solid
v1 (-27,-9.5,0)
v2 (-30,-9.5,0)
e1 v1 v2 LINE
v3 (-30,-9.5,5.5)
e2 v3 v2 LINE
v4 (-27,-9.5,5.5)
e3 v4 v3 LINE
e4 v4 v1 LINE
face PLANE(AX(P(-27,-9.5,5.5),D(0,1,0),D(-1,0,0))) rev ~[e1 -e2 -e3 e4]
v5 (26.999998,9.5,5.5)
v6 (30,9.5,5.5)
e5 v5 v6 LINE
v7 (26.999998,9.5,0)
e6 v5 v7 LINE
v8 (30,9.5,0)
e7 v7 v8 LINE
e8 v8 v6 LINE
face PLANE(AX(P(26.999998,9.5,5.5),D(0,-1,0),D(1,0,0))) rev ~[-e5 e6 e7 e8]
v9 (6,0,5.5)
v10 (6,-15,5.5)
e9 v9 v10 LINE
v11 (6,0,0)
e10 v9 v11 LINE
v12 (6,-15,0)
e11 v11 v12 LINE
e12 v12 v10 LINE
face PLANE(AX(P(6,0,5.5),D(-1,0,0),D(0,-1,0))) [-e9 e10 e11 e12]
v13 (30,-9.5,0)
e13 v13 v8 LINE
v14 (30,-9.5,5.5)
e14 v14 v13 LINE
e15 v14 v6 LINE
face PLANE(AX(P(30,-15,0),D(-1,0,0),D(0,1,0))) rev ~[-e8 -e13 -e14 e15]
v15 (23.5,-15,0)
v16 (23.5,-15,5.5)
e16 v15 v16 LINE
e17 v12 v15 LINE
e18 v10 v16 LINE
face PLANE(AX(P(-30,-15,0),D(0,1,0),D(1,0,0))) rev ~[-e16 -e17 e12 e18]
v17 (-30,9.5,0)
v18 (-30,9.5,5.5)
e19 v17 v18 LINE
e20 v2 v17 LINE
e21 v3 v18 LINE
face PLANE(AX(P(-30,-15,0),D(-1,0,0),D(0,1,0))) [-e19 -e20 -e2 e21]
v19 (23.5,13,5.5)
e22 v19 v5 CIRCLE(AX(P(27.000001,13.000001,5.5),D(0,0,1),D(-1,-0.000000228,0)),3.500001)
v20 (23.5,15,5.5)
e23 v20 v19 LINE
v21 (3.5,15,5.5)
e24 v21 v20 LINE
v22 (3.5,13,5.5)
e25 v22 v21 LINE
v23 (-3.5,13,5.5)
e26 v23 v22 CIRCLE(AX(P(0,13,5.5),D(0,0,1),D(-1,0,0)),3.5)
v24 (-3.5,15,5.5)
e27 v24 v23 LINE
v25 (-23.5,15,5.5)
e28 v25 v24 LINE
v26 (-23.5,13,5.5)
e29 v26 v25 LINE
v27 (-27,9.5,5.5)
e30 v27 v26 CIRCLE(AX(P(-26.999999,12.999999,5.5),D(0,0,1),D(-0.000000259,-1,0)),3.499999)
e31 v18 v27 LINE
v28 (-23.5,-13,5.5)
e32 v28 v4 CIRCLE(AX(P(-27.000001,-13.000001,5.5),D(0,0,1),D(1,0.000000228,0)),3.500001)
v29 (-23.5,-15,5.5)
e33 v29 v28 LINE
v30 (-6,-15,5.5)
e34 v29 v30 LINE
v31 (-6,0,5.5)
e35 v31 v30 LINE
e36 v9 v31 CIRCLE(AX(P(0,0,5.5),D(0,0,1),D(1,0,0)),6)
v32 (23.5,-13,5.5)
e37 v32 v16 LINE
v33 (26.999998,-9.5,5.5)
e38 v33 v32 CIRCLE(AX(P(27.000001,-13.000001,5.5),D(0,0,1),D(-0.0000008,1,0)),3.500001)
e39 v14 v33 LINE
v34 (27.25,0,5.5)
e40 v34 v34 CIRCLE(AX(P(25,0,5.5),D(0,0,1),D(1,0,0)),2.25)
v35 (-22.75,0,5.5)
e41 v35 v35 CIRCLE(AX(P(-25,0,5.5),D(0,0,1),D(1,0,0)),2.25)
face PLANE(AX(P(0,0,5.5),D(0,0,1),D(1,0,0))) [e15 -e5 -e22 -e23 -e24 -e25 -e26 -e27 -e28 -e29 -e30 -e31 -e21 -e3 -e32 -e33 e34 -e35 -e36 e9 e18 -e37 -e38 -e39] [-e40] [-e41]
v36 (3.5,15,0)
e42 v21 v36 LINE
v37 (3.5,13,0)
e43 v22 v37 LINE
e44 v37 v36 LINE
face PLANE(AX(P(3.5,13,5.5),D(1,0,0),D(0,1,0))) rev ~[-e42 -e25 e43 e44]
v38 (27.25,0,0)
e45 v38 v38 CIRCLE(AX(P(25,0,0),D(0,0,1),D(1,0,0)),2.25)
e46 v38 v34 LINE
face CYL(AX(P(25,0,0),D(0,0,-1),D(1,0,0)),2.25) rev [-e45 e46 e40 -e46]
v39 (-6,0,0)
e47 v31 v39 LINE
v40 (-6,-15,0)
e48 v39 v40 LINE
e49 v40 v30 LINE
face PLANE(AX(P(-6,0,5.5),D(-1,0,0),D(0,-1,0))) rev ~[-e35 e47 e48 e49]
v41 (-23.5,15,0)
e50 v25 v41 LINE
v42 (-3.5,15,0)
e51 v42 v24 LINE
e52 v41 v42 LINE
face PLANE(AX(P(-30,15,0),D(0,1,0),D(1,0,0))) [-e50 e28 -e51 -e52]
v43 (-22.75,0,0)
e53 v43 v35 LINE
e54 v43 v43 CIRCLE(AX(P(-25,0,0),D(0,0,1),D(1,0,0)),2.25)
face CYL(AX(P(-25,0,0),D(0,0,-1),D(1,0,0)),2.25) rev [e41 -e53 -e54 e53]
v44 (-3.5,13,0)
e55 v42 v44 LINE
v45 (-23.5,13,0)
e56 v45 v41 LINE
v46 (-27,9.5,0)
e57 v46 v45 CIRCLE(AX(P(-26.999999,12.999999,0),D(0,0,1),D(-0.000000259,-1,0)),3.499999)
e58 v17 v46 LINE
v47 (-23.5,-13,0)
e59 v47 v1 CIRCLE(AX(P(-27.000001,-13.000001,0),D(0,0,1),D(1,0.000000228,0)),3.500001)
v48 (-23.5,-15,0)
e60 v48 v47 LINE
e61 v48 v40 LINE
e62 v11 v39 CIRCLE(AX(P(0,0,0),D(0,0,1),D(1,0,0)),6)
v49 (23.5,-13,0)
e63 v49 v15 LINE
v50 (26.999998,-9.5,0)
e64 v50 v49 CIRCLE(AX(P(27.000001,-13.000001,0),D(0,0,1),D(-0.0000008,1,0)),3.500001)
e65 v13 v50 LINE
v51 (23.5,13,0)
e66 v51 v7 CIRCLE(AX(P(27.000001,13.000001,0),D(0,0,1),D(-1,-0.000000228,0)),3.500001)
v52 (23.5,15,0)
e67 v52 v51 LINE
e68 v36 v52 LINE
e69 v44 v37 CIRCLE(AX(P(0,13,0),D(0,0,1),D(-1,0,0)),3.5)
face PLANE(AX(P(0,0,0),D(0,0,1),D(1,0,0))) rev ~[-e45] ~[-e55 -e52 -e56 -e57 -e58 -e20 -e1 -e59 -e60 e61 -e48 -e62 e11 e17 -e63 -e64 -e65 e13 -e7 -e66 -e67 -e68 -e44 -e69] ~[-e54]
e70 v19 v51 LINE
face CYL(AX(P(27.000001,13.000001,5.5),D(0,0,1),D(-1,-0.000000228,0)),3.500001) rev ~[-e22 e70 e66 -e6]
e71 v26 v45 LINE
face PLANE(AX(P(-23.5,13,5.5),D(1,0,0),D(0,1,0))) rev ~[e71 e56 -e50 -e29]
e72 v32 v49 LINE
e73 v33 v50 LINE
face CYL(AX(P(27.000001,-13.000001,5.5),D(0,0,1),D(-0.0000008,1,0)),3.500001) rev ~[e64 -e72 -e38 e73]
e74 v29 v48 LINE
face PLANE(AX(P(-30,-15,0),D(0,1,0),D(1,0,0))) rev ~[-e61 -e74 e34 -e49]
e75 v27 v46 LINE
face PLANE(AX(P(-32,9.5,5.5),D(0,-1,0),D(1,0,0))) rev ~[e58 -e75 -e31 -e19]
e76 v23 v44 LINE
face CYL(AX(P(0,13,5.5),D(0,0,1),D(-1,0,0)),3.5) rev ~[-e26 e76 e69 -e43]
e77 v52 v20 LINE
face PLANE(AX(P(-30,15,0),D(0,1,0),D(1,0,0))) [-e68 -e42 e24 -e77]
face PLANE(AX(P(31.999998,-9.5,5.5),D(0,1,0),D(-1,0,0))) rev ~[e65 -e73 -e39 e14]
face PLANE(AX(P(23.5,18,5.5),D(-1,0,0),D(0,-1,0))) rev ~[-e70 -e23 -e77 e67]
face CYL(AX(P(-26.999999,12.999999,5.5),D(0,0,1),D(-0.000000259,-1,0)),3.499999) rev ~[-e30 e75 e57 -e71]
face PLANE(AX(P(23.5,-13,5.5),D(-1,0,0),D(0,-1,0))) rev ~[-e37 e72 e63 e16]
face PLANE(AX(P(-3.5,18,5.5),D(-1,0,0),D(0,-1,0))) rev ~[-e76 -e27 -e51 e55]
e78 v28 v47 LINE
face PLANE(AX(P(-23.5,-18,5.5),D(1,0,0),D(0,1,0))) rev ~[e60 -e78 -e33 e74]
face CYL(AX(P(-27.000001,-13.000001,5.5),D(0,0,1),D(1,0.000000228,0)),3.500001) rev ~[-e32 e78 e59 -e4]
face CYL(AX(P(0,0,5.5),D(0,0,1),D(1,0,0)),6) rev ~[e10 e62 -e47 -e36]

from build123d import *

# Parameters (mm, degrees)
SKETCH_W     = 60
SKETCH_H     = 30
SKETCH_R     = 2.25
SKETCH_R_2   = 2.05
PAD_DEPTH    = 5.5
SKETCH001_W  = 75
SKETCH001_H  = 45
POCKET_DEPTH = 5.501


with BuildPart() as part:
    # Sketch → Pad (new body)
    with BuildSketch(Plane.XY):
        Rectangle(SKETCH_W, SKETCH_H)
        with Locations((25, 0)):
            Circle(SKETCH_R, mode=Mode.SUBTRACT)
        with Locations((-25, 0)):
            Circle(SKETCH_R, mode=Mode.SUBTRACT)
        Circle(SKETCH_R_2, mode=Mode.SUBTRACT)
    extrude(amount=PAD_DEPTH)

    # Sketch001 → Pocket (cut, through all)
    with BuildSketch(Plane.XY.offset(5.5)):
        Rectangle(SKETCH001_W, SKETCH001_H)
        with BuildLine():
            ThreePointArc((-27, 9.5), (-24.525126, 10.525126), (-23.5, 13))
            Line((-23.5, 13), (-23.5, 18))
            Line((-23.5, 18), (-3.5, 18))
            Line((-3.5, 18), (-3.5, 13))
            ThreePointArc((-3.5, 13), (0, 9.5), (3.5, 13))
            Line((3.5, 13), (3.5, 18))
            Line((3.5, 18), (23.5, 18))
            Line((23.5, 18), (23.5, 13))
            ThreePointArc((23.5, 13), (24.525126, 10.525127), (26.999998, 9.5))
            Line((26.999998, 9.5), (31.999998, 9.5))
            Line((31.999998, 9.5), (31.999998, -9.5))
            Line((31.999998, -9.5), (26.999998, -9.5))
            ThreePointArc((26.999998, -9.5), (24.525126, -10.525127), (23.5, -13))
            Line((23.5, -13), (23.5, -18))
            Line((23.5, -18), (6, -18))
            Line((6, 0), (6, -18))
            ThreePointArc((6, 0), (0, 6), (-6, 0))
            Line((-6, 0), (-6, -18))
            Line((-23.5, -18), (-6, -18))
            Line((-23.5, -18), (-23.5, -13))
            ThreePointArc((-23.5, -13), (-24.525126, -10.525127), (-27, -9.5))
            Line((-27, -9.5), (-32, -9.5))
            Line((-32, -9.5), (-32, 9.5))
            Line((-32, 9.5), (-27, 9.5))
        make_face(mode=Mode.SUBTRACT)
    extrude(amount=-POCKET_DEPTH, mode=Mode.SUBTRACT)


solid = part.part
